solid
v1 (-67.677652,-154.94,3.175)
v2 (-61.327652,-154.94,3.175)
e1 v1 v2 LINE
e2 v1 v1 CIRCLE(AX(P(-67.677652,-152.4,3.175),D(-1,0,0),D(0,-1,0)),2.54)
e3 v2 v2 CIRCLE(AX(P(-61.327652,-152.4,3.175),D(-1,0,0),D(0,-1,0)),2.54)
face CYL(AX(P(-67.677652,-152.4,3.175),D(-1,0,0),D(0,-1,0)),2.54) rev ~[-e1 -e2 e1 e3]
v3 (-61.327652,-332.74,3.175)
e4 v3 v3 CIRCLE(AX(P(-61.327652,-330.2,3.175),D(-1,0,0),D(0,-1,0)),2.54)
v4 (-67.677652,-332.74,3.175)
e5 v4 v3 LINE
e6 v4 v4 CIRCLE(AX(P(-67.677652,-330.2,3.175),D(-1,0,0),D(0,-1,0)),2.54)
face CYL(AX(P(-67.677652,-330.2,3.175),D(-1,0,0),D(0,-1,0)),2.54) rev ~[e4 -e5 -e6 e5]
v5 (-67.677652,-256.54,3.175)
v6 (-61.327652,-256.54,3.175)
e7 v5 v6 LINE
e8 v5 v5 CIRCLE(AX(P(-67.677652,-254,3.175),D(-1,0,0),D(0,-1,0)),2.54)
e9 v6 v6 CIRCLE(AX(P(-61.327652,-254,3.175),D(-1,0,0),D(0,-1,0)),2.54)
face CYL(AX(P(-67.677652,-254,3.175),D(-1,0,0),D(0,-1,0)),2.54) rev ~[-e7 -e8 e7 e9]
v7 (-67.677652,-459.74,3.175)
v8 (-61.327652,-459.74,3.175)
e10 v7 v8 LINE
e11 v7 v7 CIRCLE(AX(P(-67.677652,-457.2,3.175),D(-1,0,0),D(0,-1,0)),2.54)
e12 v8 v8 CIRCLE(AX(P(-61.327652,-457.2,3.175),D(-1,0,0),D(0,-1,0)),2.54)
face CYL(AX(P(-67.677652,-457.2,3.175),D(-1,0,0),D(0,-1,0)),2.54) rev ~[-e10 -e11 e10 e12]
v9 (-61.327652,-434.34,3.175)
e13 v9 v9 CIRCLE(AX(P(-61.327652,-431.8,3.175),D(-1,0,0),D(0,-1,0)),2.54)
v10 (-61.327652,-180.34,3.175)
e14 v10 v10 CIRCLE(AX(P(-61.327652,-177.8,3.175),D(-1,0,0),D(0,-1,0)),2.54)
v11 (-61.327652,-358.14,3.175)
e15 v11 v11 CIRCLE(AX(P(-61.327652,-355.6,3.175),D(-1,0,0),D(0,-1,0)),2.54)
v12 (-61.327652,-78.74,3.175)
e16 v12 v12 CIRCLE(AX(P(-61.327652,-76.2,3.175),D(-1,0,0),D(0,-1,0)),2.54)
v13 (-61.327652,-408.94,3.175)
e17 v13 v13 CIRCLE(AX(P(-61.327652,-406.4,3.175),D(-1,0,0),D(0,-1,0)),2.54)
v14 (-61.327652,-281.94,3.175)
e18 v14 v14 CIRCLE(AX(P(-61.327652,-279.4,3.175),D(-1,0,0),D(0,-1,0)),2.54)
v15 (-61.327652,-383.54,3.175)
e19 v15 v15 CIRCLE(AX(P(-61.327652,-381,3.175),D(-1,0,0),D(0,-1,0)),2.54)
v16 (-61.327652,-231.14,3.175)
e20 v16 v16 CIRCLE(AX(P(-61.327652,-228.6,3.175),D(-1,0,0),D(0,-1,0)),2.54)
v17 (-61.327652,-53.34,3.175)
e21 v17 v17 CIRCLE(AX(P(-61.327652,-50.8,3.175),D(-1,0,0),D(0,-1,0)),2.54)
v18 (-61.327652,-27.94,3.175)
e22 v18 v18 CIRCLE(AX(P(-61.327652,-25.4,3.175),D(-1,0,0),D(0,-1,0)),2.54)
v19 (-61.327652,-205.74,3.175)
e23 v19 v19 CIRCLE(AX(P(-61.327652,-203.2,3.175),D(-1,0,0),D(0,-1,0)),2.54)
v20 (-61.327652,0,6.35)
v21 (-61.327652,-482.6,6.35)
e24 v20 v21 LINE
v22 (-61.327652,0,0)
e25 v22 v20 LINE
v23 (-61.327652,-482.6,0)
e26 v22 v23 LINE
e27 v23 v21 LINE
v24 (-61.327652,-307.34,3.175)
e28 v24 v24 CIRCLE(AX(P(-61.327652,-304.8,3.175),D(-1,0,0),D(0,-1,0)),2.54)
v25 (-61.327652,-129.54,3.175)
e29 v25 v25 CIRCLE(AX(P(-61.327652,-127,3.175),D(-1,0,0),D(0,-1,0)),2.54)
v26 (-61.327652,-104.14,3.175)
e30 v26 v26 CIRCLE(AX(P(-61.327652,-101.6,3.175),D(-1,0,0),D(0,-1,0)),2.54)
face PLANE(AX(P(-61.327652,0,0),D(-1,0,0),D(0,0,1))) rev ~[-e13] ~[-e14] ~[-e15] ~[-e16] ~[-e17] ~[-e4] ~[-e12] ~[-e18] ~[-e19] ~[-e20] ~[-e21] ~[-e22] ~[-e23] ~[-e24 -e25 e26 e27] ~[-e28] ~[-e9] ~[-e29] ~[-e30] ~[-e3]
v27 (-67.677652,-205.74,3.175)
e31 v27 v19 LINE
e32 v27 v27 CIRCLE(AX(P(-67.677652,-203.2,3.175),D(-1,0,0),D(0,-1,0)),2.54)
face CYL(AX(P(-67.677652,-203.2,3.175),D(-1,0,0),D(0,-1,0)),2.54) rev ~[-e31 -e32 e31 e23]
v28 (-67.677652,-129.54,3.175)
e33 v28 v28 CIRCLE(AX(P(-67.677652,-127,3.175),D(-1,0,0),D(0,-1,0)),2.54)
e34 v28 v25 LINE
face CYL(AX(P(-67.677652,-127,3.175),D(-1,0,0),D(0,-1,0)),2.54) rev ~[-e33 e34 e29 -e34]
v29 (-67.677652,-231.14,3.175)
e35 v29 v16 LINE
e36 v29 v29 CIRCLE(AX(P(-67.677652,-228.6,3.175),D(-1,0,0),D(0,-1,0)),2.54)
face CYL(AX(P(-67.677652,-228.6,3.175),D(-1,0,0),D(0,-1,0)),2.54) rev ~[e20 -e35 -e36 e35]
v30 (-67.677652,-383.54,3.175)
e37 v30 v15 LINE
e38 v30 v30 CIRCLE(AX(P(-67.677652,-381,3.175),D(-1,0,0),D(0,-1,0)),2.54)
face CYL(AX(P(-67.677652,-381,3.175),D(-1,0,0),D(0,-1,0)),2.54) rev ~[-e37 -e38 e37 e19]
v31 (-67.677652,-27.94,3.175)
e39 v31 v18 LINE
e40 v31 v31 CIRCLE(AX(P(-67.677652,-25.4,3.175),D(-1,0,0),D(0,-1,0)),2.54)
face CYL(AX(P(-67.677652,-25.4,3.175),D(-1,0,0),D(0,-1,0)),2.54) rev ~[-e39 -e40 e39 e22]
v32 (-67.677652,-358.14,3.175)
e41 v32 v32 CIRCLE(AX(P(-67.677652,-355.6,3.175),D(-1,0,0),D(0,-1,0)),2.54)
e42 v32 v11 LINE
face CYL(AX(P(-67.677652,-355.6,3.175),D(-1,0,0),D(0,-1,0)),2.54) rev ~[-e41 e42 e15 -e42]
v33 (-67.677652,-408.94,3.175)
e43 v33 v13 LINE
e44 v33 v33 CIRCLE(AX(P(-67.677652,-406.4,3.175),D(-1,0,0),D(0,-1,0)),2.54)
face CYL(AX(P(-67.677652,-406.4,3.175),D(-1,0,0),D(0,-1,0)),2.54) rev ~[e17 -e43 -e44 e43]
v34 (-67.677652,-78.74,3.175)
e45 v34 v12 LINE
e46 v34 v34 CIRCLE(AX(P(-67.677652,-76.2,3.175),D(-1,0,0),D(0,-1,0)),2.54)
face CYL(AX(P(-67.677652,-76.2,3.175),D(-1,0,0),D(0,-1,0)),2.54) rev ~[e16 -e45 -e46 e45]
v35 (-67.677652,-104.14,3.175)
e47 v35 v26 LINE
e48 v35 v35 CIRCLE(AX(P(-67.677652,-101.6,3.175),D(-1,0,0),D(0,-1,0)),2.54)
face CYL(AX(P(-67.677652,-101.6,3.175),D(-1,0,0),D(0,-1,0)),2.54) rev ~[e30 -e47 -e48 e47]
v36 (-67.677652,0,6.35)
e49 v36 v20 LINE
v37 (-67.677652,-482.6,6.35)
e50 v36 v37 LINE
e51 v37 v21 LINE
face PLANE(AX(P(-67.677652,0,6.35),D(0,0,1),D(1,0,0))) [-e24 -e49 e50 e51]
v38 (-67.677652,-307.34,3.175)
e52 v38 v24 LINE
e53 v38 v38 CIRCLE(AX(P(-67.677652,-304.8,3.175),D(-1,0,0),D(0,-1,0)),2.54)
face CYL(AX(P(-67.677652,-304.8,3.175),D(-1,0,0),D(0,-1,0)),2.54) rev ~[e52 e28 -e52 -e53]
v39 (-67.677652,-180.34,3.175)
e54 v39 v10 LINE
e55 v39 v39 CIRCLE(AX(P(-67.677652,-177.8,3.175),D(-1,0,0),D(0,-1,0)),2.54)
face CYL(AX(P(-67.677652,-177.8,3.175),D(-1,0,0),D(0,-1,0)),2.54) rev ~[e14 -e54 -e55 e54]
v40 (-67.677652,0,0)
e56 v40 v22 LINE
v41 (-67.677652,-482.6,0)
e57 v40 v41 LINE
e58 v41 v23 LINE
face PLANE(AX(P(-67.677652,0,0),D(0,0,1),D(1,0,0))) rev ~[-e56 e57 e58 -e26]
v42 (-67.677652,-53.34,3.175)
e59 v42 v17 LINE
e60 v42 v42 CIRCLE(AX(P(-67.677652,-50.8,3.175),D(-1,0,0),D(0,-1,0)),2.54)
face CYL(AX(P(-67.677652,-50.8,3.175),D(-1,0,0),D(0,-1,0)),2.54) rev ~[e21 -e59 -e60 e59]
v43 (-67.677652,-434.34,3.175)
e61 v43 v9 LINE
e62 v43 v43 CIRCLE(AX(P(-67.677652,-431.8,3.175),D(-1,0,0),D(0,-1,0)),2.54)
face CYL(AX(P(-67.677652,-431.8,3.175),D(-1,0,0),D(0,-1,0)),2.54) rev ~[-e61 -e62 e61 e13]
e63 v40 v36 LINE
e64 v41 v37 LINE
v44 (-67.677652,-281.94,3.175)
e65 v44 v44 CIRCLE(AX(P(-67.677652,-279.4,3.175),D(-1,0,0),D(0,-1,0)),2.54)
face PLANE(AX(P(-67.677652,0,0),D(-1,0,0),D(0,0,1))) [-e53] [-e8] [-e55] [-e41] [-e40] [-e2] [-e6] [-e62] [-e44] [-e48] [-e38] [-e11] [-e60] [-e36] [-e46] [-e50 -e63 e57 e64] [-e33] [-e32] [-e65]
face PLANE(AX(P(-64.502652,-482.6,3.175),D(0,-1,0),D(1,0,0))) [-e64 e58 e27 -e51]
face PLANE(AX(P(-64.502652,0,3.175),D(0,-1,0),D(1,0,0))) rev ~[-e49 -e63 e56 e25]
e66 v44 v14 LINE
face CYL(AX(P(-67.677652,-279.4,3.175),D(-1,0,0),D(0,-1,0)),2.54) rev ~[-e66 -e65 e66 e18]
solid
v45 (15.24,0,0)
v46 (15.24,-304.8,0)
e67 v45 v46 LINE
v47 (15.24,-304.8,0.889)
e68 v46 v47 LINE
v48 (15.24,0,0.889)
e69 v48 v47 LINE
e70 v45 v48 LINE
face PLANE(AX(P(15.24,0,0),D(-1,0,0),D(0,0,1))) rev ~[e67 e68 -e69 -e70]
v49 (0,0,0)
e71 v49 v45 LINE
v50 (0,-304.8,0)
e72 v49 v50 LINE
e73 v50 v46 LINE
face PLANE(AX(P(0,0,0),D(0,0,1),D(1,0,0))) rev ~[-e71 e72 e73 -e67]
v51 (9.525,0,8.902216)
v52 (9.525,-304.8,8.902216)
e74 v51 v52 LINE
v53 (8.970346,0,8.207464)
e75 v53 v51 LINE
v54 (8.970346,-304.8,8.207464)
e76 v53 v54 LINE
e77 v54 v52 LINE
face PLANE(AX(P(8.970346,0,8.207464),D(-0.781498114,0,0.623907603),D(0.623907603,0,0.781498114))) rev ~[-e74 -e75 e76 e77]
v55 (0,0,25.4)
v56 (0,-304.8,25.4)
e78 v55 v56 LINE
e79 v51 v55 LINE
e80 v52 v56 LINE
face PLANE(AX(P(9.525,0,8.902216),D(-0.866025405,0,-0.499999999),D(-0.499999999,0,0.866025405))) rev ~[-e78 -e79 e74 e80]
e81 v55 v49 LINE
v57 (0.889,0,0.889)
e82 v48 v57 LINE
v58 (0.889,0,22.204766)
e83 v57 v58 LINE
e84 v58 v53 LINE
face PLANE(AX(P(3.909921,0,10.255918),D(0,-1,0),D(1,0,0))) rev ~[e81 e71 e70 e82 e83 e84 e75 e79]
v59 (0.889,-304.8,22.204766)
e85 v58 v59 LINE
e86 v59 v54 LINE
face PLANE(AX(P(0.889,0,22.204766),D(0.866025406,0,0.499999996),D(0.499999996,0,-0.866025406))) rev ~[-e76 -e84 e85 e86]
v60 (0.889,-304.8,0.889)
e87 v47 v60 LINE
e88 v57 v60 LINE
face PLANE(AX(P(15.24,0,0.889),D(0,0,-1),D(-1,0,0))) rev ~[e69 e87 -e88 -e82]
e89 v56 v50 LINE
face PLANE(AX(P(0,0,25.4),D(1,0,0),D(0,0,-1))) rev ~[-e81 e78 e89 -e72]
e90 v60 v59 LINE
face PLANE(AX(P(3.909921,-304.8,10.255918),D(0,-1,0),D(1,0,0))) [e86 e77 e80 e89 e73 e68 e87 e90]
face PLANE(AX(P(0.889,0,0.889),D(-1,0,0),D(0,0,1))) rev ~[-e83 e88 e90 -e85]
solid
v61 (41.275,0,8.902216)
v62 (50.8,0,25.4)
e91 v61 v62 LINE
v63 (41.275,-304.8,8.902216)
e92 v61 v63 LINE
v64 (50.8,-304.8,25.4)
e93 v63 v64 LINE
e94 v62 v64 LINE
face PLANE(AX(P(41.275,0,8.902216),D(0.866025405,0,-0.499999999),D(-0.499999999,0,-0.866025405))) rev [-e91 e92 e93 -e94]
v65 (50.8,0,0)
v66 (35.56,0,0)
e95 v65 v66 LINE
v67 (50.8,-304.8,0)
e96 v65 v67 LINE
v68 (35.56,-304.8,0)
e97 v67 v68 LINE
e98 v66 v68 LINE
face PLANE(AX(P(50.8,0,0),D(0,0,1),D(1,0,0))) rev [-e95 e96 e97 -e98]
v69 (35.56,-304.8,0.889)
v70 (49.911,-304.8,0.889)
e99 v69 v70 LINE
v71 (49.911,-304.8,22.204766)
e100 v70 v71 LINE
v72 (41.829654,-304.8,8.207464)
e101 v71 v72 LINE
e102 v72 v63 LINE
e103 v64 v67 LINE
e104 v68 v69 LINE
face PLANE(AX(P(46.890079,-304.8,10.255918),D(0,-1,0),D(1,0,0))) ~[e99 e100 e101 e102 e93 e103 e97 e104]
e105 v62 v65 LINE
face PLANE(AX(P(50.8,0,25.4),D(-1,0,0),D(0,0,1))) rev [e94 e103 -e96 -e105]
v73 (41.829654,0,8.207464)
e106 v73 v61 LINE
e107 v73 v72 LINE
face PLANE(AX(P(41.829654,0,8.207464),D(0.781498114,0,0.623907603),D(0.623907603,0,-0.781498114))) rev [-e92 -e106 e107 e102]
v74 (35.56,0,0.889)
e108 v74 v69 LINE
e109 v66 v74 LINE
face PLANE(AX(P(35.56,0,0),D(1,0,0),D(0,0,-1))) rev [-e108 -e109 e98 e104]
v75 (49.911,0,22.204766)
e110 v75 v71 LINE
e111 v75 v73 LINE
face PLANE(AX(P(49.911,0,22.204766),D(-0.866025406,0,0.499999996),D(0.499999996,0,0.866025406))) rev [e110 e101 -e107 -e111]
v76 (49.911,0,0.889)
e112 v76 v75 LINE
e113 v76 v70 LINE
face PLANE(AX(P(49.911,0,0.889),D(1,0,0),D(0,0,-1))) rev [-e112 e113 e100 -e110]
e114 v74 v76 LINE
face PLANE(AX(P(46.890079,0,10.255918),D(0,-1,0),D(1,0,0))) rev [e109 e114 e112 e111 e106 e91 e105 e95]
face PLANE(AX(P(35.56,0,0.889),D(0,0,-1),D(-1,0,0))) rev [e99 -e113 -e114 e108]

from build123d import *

# Parameters (mm, degrees)
F1_DEPTH = 304.8
F2_W     = 6.35
F2_H     = 6.35
F3_DEPTH = 482.6
F4_R     = 2.54
F5_DEPTH = 6.35


with BuildPart() as f1:
    # F0 (on Front) → F1 (new body)
    with BuildSketch(Plane.XZ):
        Polygon((0, 25.4), (0, 0), (15.24, 0), (15.24, 0.889), (0.889, 0.889), (0.889, 22.204766), (8.970346, 8.207464), (9.525, 8.902216), align=None)
    extrude(amount=F1_DEPTH)


with BuildPart() as f3:
    # F2 (on Front) → F3 (new body)
    with BuildSketch(Plane.XZ):
        with Locations((-64.502652, 3.175)):
            Rectangle(F2_W, F2_H)
    extrude(amount=F3_DEPTH)

    # F4 (on face) → F5 (cut)
    with BuildSketch(Plane(origin=(-67.677652, 0, 0), x_dir=(0, -1, 0), z_dir=(-1, 0, 0))):
        with Locations((25.4, 3.175)):
            Circle(F4_R)
        with Locations((50.8, 3.175)):
            Circle(F4_R)
        with Locations((76.2, 3.175)):
            Circle(F4_R)
        with Locations((101.6, 3.175)):
            Circle(F4_R)
        with Locations((127, 3.175)):
            Circle(F4_R)
        with Locations((152.4, 3.175)):
            Circle(F4_R)
        with Locations((177.8, 3.175)):
            Circle(F4_R)
        with Locations((203.2, 3.175)):
            Circle(F4_R)
        with Locations((228.6, 3.175)):
            Circle(F4_R)
        with Locations((254, 3.175)):
            Circle(F4_R)
        with Locations((279.4, 3.175)):
            Circle(F4_R)
        with Locations((304.8, 3.175)):
            Circle(F4_R)
        with Locations((330.2, 3.175)):
            Circle(F4_R)
        with Locations((355.6, 3.175)):
            Circle(F4_R)
        with Locations((381, 3.175)):
            Circle(F4_R)
        with Locations((406.4, 3.175)):
            Circle(F4_R)
        with Locations((431.8, 3.175)):
            Circle(F4_R)
        with Locations((457.2, 3.175)):
            Circle(F4_R)
    extrude(amount=-F5_DEPTH, mode=Mode.SUBTRACT)


with BuildPart() as f7_1:
    # F7: instance of F1
    add(f1.part.mirror(Plane.YZ.offset(25.4)))


solid = Compound([f1.part, f3.part, f7_1.part])
